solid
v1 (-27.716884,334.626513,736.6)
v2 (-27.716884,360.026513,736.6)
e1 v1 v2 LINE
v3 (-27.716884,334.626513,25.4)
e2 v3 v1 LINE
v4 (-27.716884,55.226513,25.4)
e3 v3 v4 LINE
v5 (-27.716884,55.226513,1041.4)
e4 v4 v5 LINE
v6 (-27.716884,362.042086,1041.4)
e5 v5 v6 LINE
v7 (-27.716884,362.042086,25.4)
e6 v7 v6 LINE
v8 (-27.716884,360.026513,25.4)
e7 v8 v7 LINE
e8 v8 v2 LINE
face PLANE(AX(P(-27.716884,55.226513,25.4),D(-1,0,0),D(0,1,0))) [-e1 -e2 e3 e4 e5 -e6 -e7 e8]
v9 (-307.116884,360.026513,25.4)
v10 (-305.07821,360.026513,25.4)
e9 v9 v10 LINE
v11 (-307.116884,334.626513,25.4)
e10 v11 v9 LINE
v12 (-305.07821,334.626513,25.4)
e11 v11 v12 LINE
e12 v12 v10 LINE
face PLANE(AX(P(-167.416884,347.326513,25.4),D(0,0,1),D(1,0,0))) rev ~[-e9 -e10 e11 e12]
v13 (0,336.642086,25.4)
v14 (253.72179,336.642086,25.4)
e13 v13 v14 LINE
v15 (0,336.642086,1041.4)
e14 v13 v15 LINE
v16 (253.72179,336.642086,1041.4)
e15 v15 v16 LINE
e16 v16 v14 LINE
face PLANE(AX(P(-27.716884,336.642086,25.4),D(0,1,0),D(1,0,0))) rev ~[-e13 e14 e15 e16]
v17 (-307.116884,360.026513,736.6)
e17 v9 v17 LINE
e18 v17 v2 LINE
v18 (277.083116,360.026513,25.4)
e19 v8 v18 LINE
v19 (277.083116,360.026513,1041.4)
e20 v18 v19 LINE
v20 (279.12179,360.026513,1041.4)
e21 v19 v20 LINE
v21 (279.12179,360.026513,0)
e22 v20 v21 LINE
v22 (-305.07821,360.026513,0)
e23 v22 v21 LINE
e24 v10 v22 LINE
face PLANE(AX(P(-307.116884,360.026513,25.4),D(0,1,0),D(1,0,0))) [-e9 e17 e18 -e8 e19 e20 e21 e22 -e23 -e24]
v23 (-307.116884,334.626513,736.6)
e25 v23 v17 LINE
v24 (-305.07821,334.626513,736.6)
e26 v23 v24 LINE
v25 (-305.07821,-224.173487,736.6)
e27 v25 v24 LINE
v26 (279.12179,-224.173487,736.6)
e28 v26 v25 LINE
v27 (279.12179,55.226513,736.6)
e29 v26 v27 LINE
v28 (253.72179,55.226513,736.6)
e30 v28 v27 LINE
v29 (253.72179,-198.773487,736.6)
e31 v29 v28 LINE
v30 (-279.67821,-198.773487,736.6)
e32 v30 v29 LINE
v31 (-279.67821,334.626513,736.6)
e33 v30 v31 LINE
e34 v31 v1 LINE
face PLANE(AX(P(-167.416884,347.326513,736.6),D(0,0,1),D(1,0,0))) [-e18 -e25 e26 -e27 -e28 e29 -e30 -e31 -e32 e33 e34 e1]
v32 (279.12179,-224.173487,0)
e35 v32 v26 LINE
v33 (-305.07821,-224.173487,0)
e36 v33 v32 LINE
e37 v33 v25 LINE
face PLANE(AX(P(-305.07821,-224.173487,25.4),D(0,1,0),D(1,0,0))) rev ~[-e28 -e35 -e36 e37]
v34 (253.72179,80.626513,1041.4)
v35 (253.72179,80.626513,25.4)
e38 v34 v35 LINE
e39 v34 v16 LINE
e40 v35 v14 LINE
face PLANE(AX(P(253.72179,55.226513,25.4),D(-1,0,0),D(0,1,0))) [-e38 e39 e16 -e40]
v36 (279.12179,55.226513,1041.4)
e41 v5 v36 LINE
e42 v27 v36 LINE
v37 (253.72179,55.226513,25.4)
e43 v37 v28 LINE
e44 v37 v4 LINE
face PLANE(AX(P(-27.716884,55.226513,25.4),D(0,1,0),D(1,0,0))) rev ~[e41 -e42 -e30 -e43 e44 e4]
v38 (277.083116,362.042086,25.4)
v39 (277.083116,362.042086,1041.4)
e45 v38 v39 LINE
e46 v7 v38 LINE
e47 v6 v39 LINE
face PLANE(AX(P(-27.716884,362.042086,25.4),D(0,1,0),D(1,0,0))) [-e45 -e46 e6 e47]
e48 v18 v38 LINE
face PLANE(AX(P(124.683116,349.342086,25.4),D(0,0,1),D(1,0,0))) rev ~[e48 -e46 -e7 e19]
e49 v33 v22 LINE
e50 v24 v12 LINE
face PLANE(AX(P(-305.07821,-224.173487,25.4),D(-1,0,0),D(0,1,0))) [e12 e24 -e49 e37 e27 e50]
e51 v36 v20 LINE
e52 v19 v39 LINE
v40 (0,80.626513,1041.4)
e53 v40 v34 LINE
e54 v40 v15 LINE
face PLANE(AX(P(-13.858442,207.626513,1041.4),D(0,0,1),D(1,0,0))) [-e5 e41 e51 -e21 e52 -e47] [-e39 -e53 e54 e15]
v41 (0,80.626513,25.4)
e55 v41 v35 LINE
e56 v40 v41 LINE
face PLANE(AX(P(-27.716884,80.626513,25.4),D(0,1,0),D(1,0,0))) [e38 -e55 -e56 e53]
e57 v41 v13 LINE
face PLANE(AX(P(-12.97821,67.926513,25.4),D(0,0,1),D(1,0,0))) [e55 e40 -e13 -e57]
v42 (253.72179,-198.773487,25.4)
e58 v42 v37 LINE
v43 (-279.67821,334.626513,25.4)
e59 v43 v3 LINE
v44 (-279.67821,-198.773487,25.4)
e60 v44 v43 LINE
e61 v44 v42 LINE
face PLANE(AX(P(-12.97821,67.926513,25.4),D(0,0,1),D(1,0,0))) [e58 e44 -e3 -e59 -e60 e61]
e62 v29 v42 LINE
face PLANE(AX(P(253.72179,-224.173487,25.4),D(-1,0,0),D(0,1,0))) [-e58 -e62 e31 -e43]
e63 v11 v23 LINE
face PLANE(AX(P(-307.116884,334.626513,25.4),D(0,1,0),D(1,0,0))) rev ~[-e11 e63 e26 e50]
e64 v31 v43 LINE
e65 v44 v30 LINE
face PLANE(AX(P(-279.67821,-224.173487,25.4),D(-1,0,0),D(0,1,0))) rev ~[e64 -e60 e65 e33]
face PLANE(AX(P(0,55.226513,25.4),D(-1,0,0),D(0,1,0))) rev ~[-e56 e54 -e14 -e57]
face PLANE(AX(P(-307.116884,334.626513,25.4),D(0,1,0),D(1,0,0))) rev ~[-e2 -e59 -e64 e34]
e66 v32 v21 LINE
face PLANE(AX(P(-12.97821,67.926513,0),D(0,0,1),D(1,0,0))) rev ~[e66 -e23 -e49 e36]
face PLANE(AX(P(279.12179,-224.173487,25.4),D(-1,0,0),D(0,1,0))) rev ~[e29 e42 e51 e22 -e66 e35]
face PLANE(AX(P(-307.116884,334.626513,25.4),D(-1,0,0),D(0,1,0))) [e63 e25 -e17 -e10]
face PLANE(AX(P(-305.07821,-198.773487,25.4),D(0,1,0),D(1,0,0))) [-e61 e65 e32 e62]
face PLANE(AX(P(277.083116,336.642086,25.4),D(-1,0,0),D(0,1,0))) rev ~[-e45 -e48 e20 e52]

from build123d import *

# Parameters (mm, degrees)
F0_W      = 584.2
F0_H      = 584.2
F1_DEPTH  = 25.4
F2_W      = 25.4
F2_H      = 304.8
F3_DEPTH  = 1016
F4_W      = 304.8
F4_H      = 25.4
F5_DEPTH  = 1016
F6_W      = 27.716884
F6_H      = 304.8
F7_DEPTH  = 1016
F8_W      = 306.838674
F8_H      = 25.4
F9_DEPTH  = 1016
F10_W     = 25.4
F10_H     = 279.4
F11_DEPTH = 711.2
F12_W     = 584.2
F12_H     = 25.4
F13_DEPTH = 711.2
F14_W     = 25.4
F14_H     = 584.2
F15_DEPTH = 711.2
F16_W     = 279.4
F16_H     = 25.4
F17_DEPTH = 711.2


with BuildPart() as f1:
    # F0 (on Top) → F1 (new body)
    with BuildSketch(Plane.XY):
        with Locations((-12.97821, 67.926513)):
            Rectangle(F0_W, F0_H)
    extrude(amount=F1_DEPTH)

    # F2 (on face) → F3 (join)
    with BuildSketch(Plane.XY.offset(25.4)):
        with Locations((266.42179, 207.626513)):
            Rectangle(F2_W, F2_H)
    extrude(amount=F3_DEPTH)

    # F4 (on face) → F5 (join)
    with BuildSketch(Plane.XY.offset(25.4)):
        with Locations((124.683116, 349.342086)):
            Rectangle(F4_W, F4_H)
    extrude(amount=F5_DEPTH)

    # F6 (on face) → F7 (join)
    with BuildSketch(Plane.XY.offset(25.4)):
        with Locations((-13.858442, 207.626513)):
            Rectangle(F6_W, F6_H)
    extrude(amount=F7_DEPTH)

    # F8 (on face) → F9 (join)
    with BuildSketch(Plane.XY.offset(25.4)):
        with Locations((125.702453, 67.926513)):
            Rectangle(F8_W, F8_H)
    extrude(amount=F9_DEPTH)

    # F10 (on face) → F11 (join)
    with BuildSketch(Plane.XY.offset(25.4)):
        with Locations((266.42179, -84.473487)):
            Rectangle(F10_W, F10_H)
    extrude(amount=F11_DEPTH)

    # F12 (on face) → F13 (join)
    with BuildSketch(Plane.XY.offset(25.4)):
        with Locations((-12.97821, -211.473487)):
            Rectangle(F12_W, F12_H)
    extrude(amount=F13_DEPTH)

    # F14 (on face) → F15 (join)
    with BuildSketch(Plane.XY.offset(25.4)):
        with Locations((-292.37821, 67.926513)):
            Rectangle(F14_W, F14_H)
    extrude(amount=F15_DEPTH)

    # F16 (on face) → F17 (join)
    with BuildSketch(Plane.XY.offset(25.4)):
        with Locations((-167.416884, 347.326513)):
            Rectangle(F16_W, F16_H)
    extrude(amount=F17_DEPTH)


solid = f1.part
